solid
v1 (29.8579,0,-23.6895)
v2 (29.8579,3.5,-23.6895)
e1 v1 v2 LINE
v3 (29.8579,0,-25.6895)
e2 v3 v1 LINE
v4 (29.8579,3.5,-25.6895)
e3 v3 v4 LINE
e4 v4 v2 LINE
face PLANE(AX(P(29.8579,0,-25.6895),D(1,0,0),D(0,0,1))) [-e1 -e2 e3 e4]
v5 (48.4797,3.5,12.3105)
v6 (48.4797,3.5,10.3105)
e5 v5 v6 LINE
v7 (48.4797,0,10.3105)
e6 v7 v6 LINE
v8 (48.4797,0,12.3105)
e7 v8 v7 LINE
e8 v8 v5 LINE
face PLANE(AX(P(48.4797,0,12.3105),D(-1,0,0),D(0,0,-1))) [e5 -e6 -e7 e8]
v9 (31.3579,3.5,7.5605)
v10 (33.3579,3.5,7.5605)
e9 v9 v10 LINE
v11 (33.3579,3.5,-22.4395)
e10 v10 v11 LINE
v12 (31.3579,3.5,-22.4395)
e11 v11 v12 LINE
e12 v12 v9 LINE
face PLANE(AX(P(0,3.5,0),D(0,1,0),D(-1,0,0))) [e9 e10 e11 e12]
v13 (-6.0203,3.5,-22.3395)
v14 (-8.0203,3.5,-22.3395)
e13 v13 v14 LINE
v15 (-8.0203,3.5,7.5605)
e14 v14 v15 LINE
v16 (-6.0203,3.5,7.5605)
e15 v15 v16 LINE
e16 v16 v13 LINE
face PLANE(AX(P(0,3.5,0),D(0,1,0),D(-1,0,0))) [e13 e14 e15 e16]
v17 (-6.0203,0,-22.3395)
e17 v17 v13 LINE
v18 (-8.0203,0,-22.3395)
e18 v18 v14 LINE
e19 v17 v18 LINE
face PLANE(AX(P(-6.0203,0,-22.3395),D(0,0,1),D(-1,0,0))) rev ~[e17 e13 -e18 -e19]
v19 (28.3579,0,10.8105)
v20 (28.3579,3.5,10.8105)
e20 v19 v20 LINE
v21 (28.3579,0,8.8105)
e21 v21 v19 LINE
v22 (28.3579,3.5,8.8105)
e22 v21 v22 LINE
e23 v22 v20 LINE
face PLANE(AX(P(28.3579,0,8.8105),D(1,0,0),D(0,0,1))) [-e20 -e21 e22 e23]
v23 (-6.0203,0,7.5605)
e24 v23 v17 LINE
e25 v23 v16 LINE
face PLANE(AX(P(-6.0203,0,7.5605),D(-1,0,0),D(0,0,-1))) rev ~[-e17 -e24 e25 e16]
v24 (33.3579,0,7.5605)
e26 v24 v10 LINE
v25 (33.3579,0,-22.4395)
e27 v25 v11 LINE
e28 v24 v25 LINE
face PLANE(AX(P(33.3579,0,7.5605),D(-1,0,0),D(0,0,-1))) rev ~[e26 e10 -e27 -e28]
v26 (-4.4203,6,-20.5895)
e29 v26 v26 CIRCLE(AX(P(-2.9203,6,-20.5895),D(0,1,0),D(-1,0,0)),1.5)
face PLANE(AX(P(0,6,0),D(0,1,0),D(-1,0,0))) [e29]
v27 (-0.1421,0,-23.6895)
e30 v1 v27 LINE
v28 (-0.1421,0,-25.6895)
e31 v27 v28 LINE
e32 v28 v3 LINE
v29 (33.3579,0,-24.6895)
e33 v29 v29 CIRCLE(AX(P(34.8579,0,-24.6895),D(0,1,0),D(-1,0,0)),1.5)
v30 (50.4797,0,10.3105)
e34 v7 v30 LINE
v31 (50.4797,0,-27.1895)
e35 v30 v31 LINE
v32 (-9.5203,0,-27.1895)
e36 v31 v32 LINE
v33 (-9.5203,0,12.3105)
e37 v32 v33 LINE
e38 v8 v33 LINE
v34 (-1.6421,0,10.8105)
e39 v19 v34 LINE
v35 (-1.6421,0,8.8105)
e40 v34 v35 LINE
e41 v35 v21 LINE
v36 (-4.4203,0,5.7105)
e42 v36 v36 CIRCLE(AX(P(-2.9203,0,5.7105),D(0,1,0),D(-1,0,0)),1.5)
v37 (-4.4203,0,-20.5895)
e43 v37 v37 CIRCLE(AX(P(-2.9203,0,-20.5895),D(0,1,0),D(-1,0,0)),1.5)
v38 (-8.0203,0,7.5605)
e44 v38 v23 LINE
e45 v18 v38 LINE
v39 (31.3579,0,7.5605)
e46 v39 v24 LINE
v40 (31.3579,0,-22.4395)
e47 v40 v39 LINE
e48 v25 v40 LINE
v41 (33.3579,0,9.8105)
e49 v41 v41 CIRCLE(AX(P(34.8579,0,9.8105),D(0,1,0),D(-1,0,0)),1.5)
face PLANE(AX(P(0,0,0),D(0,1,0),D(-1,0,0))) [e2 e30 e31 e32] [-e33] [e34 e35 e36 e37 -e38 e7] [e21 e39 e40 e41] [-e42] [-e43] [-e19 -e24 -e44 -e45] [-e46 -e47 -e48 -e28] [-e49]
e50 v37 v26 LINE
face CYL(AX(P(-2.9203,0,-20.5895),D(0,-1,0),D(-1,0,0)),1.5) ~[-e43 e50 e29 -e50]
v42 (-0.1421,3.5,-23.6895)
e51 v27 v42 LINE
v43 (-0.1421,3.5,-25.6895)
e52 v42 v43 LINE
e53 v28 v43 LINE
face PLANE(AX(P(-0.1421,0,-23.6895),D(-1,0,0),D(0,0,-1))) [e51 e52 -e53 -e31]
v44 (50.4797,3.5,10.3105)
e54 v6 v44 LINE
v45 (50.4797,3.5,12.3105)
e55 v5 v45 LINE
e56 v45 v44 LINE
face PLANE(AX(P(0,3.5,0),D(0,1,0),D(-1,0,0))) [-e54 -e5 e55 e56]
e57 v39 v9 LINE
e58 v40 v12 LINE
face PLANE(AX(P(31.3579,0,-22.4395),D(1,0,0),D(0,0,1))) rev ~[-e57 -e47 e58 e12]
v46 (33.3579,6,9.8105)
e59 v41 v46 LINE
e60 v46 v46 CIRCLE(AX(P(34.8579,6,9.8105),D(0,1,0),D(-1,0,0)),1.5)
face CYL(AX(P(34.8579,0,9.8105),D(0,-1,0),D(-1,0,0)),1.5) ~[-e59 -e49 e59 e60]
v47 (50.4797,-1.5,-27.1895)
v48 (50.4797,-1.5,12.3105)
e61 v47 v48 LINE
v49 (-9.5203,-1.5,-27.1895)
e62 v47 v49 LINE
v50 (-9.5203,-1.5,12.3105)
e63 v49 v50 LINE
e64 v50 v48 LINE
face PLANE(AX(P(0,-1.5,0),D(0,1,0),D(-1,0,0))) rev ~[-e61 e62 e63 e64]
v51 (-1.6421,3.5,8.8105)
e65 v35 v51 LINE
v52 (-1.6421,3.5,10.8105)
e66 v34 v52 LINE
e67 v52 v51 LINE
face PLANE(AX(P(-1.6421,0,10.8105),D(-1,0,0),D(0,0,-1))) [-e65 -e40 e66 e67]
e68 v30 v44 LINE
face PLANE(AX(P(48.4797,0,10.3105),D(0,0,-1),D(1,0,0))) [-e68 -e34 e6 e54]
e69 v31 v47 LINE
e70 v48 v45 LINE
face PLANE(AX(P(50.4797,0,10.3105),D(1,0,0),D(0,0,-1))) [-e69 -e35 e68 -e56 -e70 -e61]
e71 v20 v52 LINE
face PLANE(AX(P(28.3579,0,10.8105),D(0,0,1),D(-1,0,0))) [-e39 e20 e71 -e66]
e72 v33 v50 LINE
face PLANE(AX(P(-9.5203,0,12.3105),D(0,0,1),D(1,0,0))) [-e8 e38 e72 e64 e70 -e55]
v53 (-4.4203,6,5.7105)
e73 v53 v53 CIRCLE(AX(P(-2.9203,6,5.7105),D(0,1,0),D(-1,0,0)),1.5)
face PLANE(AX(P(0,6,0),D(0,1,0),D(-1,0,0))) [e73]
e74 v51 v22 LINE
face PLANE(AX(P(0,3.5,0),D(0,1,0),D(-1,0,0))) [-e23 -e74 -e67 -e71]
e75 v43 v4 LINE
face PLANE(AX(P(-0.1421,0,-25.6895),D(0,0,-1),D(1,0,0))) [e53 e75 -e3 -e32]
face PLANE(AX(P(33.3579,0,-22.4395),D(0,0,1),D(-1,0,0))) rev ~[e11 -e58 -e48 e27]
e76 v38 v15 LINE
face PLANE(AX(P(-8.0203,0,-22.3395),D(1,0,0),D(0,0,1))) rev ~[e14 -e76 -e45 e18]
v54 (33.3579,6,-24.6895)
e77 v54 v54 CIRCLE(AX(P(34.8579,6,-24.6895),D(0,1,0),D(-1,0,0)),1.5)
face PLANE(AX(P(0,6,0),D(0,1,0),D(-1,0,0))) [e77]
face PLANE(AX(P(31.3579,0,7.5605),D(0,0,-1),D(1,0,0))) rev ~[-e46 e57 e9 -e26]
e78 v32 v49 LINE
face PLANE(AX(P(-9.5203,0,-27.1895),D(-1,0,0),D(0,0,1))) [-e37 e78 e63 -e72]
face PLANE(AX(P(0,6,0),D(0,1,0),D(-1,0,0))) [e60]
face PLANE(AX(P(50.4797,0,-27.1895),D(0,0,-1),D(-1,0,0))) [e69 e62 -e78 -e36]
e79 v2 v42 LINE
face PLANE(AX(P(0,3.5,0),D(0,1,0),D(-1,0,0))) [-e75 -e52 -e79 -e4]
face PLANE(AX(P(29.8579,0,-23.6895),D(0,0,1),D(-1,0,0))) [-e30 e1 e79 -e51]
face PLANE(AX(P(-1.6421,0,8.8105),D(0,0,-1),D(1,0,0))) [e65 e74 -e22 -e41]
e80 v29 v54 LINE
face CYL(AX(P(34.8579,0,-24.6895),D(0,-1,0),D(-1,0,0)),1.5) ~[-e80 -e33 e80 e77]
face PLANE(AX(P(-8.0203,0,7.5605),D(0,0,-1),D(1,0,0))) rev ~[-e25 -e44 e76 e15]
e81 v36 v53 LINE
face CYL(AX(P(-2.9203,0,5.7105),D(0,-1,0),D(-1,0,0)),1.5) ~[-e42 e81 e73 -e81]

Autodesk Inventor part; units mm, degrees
ref_plane "YZ Plane" through (0, 0, 0) normal (1, 0, 0) x (0, 1, 0)
ref_plane "XZ Plane" through (0, 0, 0) normal (0, 1, 0) x (-1, 0, 0)
ref_plane "XY Plane" through (0, 0, 0) normal (0, 0, 1) x (1, 0, 0)
sketch "Sketch5" plane through (0, 0, 0) normal (0, 1, 0) x (-1, 0, 0)
  line L0 (9.5203, 12.3105) -> (-50.4797, 12.3105)
  line L1 (-50.4797, 12.3105) -> (-50.4797, -27.1895)
  line L2 (-50.4797, -27.1895) -> (9.5203, -27.1895)
  line L3 (9.5203, -27.1895) -> (9.5203, 12.3105)
  line L4 (-33.3579, -22.4395) -> (-31.3579, -22.4395)
  line L5 (-31.3579, -22.4395) -> (-31.3579, 7.5605)
  line L6 (-31.3579, 7.5605) -> (-33.3579, 7.5605)
  line L7 (-33.3579, 7.5605) -> (-33.3579, -22.4395)
  line L8 (8.0203, 7.5605) -> (6.0203, 7.5605)
  line L9 (6.0203, 7.5605) -> (6.0203, -22.3395)
  line L10 (6.0203, -22.3395) -> (8.0203, -22.3395)
  line L11 (8.0203, -22.3395) -> (8.0203, 7.5605)
  circle A0 centre (2.9203, -20.5895) radius 1.5
  circle A1 centre (2.9203, 5.7105) radius 1.5
  circle A2 centre (-34.8579, -24.6895) radius 1.5
  circle A3 centre (-34.8579, 9.8105) radius 1.5
  line L12 (-28.3579, 10.8105) -> (1.6421, 10.8105)
  line L13 (1.6421, 10.8105) -> (1.6421, 8.8105)
  line L14 (1.6421, 8.8105) -> (-28.3579, 8.8105)
  line L15 (-28.3579, 8.8105) -> (-28.3579, 10.8105)
  line L16 (-29.8579, -23.6895) -> (0.1421, -23.6895)
  line L17 (0.1421, -23.6895) -> (0.1421, -25.6895)
  line L18 (0.1421, -25.6895) -> (-29.8579, -25.6895)
  line L19 (-29.8579, -25.6895) -> (-29.8579, -23.6895)
  line L20 (-50.4797, 12.3105) -> (-48.4797, 12.3105)
  line L21 (-48.4797, 12.3105) -> (-48.4797, 10.3105)
  line L22 (-48.4797, 10.3105) -> (-50.4797, 10.3105)
  line L23 (-50.4797, 10.3105) -> (-50.4797, 12.3105)
  point P0 (0, 0)
  point P1 (-29.8579, -24.6895)
  dimension "d9" = 60
  dimension "d10" = 39.5
  dimension "d24" = 2
  dimension "d27" = 4.75
  dimension "d29" = 2
  dimension "d31" = 1.5
  dimension "d32" = 4.75
  dimension "d33" = 4.85
  dimension "d40" = 3
  dimension "d41" = 6.6
  dimension "d42" = 6.6
  dimension "d43" = 3
  dimension "d44" = 6.6
  dimension "d45" = 6.6
  dimension "d46" = 3
  dimension "d47" = 2.5
  dimension "d49" = 3
  dimension "d50" = 2.5
  dimension "d59" = 35
  dimension "d62" = 1.5
  dimension "d66" = 35
  dimension "d73" = 1.5
  dimension "d74" = 30
  dimension "d75" = 5
  dimension "d76" = 2
  dimension "d77" = 5
  dimension "d78" = 1.5
  dimension "d79" = 30
  dimension "d80" = 2
  dimension "d81" = 2
  dimension "d82" = 2
extrude "Extrusion8" add sketch "Sketch5" against normal blind 1.5 contours L3 L2 L1 L22 L21 L0 | L21 L22 L1 L0 | L7 L6 L5 L4 | L11 L10 L9 L8 | A0 | A1 | A2 | A3 | L12 L13 L14 L15 | L16 L17 L18 L19
extrude "Extrusion9" add sketch "Sketch5" along normal blind 3.5 contours L21 L22 L1 L0 | L7 L6 L5 L4 | L11 L10 L9 L8 | L12 L13 L14 L15 | L16 L17 L18 L19
extrude "Extrusion10" add sketch "Sketch5" along normal blind 6 contours A0 | A1 | A2 | A3
properties part number "RFID-RC522 Holder 3.3"
